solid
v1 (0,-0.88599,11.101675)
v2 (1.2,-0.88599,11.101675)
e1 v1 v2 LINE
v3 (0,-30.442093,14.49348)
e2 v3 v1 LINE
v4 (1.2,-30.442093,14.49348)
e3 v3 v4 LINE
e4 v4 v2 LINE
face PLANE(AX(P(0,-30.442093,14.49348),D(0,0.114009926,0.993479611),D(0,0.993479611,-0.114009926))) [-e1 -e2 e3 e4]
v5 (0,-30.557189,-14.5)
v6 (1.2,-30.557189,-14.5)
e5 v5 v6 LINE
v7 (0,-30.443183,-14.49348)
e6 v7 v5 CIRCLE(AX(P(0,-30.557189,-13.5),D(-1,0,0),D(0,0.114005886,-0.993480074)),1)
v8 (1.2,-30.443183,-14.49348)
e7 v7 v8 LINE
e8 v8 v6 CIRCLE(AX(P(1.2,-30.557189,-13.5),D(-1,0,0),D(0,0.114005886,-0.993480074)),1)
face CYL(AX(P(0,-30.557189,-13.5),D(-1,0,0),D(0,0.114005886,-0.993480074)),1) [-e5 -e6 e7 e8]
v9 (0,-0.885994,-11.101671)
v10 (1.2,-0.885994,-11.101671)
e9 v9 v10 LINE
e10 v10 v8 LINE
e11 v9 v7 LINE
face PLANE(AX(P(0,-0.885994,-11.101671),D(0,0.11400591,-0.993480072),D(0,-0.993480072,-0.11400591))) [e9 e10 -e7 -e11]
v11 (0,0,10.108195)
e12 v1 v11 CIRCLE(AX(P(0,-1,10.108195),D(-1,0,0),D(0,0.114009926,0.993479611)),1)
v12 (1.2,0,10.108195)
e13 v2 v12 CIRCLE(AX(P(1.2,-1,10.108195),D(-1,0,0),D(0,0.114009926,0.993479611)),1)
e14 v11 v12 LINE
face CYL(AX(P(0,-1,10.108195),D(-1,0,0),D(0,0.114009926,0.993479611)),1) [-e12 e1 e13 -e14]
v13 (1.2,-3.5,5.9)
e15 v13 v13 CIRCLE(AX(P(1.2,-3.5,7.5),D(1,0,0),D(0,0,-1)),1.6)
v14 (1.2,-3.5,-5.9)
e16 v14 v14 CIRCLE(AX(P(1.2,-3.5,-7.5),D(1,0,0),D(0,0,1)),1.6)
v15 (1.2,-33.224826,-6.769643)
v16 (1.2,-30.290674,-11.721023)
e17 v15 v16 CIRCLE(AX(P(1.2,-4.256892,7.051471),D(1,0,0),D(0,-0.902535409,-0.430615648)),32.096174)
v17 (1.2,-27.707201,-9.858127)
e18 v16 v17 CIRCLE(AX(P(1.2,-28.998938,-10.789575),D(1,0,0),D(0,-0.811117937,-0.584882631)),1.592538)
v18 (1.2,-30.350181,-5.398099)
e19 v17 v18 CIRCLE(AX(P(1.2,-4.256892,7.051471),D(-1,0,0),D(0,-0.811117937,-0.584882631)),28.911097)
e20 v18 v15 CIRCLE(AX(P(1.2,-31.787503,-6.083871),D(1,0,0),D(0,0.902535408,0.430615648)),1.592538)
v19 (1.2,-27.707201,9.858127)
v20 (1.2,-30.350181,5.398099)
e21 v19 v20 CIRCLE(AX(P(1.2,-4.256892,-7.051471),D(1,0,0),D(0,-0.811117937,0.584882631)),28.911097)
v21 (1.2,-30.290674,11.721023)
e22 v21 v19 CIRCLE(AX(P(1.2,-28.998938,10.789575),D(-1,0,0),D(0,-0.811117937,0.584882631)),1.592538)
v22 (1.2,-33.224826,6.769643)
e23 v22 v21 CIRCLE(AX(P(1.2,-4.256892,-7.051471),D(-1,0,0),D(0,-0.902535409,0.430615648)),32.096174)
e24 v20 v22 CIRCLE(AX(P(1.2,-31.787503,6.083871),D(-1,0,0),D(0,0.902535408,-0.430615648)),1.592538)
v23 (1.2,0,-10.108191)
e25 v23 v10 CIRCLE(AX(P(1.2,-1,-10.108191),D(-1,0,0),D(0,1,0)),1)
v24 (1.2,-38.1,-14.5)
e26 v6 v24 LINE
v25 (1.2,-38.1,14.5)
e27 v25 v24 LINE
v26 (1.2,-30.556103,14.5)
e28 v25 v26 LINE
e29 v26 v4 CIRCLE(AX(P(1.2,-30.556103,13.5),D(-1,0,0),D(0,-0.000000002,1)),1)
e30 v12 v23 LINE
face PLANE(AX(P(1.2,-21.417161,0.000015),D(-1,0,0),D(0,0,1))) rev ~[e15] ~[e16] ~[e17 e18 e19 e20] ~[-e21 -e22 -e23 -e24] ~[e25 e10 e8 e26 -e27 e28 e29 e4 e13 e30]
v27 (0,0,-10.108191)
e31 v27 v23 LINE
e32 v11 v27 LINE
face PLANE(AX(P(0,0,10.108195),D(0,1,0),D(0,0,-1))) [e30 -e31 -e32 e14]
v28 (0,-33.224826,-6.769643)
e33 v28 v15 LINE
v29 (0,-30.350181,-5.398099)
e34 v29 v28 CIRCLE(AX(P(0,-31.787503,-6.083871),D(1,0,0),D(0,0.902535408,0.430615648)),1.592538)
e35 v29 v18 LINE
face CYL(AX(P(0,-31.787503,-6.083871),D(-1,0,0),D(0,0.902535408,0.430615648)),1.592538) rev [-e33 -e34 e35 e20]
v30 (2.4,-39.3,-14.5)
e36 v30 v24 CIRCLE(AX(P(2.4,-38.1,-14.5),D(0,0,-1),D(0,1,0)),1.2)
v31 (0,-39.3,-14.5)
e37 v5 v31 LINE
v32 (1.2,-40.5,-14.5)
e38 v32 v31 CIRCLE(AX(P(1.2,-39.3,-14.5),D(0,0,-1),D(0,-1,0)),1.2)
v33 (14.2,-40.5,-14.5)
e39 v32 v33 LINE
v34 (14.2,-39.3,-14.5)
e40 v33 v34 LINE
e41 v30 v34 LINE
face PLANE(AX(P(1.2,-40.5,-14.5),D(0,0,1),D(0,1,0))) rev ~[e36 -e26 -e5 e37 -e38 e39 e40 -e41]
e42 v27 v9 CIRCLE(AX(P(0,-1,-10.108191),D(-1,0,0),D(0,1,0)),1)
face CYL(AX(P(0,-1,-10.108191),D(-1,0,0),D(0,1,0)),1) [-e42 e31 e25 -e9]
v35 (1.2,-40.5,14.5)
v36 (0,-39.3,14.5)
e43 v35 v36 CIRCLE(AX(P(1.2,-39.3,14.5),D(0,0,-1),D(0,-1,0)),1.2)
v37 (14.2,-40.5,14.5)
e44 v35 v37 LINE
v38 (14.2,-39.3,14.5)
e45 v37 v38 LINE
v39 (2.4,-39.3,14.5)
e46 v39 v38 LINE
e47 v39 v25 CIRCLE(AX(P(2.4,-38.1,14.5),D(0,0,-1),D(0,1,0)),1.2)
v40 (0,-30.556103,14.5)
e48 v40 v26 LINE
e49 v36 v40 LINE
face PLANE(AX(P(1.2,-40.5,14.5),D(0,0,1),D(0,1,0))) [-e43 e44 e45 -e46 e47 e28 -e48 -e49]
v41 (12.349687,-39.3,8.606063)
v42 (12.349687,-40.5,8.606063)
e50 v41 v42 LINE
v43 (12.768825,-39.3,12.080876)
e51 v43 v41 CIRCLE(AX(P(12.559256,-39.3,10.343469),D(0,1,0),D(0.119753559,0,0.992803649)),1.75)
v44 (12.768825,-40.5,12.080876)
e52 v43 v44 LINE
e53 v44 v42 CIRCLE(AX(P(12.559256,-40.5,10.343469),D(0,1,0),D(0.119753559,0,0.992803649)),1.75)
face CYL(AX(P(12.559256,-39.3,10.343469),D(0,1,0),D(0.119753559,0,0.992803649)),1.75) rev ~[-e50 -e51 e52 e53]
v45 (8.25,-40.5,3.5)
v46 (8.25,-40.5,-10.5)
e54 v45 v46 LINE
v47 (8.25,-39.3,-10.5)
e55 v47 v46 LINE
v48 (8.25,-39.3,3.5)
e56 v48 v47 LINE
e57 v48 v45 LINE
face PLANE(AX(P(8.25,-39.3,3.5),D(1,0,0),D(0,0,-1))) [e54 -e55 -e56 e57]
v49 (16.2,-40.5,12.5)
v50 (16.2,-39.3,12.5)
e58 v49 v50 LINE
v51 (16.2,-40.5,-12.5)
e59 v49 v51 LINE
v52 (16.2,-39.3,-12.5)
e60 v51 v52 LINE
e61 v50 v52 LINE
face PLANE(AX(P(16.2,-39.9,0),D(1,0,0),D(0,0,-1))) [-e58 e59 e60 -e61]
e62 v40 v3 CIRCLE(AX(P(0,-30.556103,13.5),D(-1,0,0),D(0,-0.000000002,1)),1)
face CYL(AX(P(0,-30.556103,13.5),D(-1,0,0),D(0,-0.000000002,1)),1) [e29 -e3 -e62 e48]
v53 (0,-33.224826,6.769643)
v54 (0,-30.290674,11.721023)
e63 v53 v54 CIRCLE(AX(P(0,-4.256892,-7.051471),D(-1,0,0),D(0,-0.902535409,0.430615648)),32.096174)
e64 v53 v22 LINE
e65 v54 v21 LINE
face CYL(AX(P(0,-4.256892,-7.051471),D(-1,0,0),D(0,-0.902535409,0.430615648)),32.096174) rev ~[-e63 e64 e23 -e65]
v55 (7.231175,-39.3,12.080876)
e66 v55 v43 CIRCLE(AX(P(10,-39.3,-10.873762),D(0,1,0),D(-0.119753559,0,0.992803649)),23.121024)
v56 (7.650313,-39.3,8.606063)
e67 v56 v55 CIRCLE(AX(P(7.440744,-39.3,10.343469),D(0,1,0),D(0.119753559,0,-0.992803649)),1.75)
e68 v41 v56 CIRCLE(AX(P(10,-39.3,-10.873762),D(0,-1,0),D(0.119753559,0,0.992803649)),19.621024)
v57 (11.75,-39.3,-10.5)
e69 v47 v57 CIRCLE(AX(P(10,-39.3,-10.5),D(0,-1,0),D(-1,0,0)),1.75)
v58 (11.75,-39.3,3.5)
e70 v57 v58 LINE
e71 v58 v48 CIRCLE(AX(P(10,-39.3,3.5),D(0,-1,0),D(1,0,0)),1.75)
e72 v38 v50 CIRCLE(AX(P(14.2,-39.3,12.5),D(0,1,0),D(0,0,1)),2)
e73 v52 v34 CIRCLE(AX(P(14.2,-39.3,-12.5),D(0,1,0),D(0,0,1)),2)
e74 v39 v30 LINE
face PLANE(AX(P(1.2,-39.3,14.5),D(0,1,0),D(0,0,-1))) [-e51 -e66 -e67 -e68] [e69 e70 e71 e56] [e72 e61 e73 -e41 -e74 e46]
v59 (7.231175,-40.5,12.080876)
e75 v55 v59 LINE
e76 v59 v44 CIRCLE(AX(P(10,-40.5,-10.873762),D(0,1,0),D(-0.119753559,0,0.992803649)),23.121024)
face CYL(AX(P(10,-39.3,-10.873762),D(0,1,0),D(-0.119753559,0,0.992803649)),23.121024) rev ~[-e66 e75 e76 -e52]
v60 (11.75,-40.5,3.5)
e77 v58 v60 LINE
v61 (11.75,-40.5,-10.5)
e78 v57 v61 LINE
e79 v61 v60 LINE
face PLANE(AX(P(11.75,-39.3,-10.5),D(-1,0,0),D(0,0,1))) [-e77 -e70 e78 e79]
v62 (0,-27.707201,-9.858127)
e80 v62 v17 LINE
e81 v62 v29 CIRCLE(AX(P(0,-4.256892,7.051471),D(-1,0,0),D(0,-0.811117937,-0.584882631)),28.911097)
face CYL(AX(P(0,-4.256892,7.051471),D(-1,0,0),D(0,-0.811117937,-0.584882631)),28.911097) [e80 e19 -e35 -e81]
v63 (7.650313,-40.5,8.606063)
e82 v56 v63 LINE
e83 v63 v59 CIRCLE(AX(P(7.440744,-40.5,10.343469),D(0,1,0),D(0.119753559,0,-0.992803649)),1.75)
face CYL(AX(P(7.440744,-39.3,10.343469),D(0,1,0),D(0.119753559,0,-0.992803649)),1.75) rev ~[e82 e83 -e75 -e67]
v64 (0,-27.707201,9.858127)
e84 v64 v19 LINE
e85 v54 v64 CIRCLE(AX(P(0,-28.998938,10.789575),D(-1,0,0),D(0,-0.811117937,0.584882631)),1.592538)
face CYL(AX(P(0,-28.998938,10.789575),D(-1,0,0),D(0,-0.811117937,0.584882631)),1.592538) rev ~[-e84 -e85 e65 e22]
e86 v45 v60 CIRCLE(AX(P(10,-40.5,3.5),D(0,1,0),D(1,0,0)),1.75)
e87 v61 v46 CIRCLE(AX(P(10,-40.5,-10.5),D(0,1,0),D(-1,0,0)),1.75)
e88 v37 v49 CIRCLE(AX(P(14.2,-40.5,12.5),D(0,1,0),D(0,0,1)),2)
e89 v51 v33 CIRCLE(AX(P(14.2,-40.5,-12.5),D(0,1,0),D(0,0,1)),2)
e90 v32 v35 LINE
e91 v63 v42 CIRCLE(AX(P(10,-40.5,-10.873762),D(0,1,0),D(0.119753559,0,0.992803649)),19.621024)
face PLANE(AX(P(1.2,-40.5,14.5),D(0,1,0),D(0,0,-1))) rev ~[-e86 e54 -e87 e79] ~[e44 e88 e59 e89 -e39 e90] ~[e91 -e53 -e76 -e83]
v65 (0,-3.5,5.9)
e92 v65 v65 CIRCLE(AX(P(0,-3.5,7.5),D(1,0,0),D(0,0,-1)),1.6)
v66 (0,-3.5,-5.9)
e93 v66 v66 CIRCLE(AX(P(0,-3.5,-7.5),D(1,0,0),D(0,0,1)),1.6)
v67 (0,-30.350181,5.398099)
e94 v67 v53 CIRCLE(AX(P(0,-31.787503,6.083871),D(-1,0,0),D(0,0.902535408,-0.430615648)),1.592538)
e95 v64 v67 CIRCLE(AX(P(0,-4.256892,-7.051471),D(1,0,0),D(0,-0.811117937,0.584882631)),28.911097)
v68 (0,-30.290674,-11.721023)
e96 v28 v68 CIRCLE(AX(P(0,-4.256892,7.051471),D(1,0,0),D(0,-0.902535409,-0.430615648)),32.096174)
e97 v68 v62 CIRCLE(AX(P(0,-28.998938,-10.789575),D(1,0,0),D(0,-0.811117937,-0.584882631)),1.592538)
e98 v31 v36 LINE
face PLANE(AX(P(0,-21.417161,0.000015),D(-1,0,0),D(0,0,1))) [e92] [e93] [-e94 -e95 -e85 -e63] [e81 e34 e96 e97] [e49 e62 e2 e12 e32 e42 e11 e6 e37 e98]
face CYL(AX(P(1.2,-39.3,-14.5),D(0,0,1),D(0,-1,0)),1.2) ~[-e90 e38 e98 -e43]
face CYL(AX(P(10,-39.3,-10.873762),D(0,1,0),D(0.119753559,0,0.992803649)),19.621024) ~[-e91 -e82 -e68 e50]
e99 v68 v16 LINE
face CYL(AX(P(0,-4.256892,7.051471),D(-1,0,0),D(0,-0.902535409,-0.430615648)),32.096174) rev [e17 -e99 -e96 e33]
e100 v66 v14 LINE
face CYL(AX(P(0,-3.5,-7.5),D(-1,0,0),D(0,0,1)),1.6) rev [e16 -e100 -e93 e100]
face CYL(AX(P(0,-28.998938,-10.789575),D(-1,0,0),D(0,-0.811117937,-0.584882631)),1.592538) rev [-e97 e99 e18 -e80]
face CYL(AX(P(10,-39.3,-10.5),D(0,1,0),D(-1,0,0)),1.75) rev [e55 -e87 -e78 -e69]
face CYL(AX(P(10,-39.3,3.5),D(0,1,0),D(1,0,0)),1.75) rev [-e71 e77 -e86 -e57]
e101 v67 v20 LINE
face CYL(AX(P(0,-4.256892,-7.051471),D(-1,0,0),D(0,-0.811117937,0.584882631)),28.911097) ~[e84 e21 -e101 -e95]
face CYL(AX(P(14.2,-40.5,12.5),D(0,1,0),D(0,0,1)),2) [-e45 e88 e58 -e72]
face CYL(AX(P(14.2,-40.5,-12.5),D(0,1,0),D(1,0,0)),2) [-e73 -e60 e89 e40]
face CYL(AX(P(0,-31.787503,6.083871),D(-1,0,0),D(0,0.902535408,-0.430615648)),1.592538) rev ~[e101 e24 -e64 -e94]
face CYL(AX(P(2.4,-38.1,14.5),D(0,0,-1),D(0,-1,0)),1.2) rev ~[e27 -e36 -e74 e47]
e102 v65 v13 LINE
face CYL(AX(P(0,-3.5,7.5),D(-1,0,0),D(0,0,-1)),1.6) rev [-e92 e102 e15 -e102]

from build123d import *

# Parameters (mm, degrees)
SKETCH1_R           = 1.6
BOSS_EXTRUDE1_DEPTH = 1.2
SKETCH2_W           = 29
SKETCH2_H           = 1.2
BOSS_EXTRUDE2_DEPTH = 15
CUT_EXTRUDE1_DEPTH  = 45.913027063
FILLET1_R           = 1.2
FILLET2_R           = 1.2
FILLET3_R           = 2


with BuildPart() as part:
    # Sketch1 → Boss-Extrude1 (new body)
    with BuildSketch(Plane(origin=(0, 0, 0), x_dir=(0, 0, -1), z_dir=(1, 0, 0))):
        with BuildLine():
            Line((-7.5, 0), (7.5, 0))
            Line((7.5, 0), (10.108191381, 0))
            ThreePointArc((10.108191381, 0), (10.773771613, -0.253673694), (11.101671453, -0.88599409))
            Line((11.101671453, -0.88599409), (14.493480072, -30.44318348))
            ThreePointArc((14.493480072, -30.44318348), (14.498368687, -30.500093294), (14.5, -30.55718939))
            Line((14.5, -30.55718939), (14.5, -40.5))
            Line((14.5, -40.5), (-14.5, -40.5))
            Line((-14.5, -40.5), (-14.5, -30.556102861))
            ThreePointArc((-14.5, -30.556102861), (-14.498368572, -30.499004746), (-14.493479611, -30.442092935))
            Line((-14.493479611, -30.442092935), (-11.101674621, -0.885990074))
            ThreePointArc((-11.101674621, -0.885990074), (-10.773773734, -0.253672349), (-10.10819501, 0))
            Line((-10.10819501, 0), (-7.5, 0))
        make_face()
        with Locations((-7.5, -3.5)):
            Circle(SKETCH1_R, mode=Mode.SUBTRACT)
        with Locations(Location((7.5, -3.5, 0), (0, 0, 180))):
            Circle(SKETCH1_R, mode=Mode.SUBTRACT)
        with BuildLine():
            ThreePointArc((6.769643375, -33.224825582), (9.311234852, -31.868958813), (11.721023336, -30.290674494))
            ThreePointArc((11.721023336, -30.290674494), (12.081311767, -28.067489873), (9.858127146, -27.707201442))
            ThreePointArc((9.858127146, -27.707201442), (7.687475006, -29.128864072), (5.398099397, -30.350180849))
            ThreePointArc((5.398099397, -30.350180849), (4.64654902, -32.473275205), (6.769643375, -33.224825582))
        make_face(mode=Mode.SUBTRACT)
        with BuildLine():
            ThreePointArc((-6.769643375, -33.224825582), (-9.311234852, -31.868958813), (-11.721023336, -30.290674494))
            ThreePointArc((-11.721023336, -30.290674494), (-12.081311767, -28.067489873), (-9.858127146, -27.707201442))
            ThreePointArc((-9.858127146, -27.707201442), (-7.687475006, -29.128864072), (-5.398099397, -30.350180849))
            ThreePointArc((-5.398099397, -30.350180849), (-4.64654902, -32.473275205), (-6.769643375, -33.224825582))
        make_face(mode=Mode.SUBTRACT)
    extrude(amount=BOSS_EXTRUDE1_DEPTH)

    # Sketch2 → Boss-Extrude2 (add)
    with BuildSketch(Plane(origin=(1.2, 0, 0), x_dir=(0, 0, -1), z_dir=(1, 0, 0))):
        with Locations((0, -39.9)):
            Rectangle(SKETCH2_W, SKETCH2_H)
    extrude(amount=BOSS_EXTRUDE2_DEPTH)

    # Sketch3 → Cut-Extrude1 (cut, through all)
    with BuildSketch(Plane(origin=(0, -39.3, 0), x_dir=(1, 0, 0), z_dir=(0, 1, 0))):
        with BuildLine():
            Line((8.25, -3.5), (8.25, 10.5))
            ThreePointArc((8.25, 10.5), (10, 12.25), (11.75, 10.5))
            Line((11.75, 10.5), (11.75, -3.5))
            ThreePointArc((11.75, -3.5), (10, -5.25), (8.25, -3.5))
        make_face()
        with BuildLine():
            ThreePointArc((7.23117506, -12.08087557), (10, -12.24726258), (12.76882494, -12.08087557))
            ThreePointArc((12.76882494, -12.08087557), (14.296662597, -10.133900456), (12.349687483, -8.606062799))
            ThreePointArc((12.349687483, -8.606062799), (10, -8.74726258), (7.650312517, -8.606062799))
            ThreePointArc((7.650312517, -8.606062799), (5.703337403, -10.133900456), (7.23117506, -12.08087557))
        make_face()
    extrude(amount=-CUT_EXTRUDE1_DEPTH, mode=Mode.SUBTRACT)

    # Fillet1
    fillet1_edges = [part.edges().sort_by_distance(p)[0] for p in [
        (1.2, -39.3, 0),
    ]]
    fillet(fillet1_edges, radius=FILLET1_R)

    # Fillet2
    fillet2_edges = [part.edges().sort_by_distance(p)[0] for p in [
        (0, -40.5, 0),
    ]]
    fillet(fillet2_edges, radius=FILLET2_R)

    # Fillet3
    fillet3_edges = [part.edges().sort_by_distance(p)[0] for p in [
        (16.2, -39.9, 14.5),
        (16.2, -39.9, -14.5),
    ]]
    fillet(fillet3_edges, radius=FILLET3_R)


solid = part.part
